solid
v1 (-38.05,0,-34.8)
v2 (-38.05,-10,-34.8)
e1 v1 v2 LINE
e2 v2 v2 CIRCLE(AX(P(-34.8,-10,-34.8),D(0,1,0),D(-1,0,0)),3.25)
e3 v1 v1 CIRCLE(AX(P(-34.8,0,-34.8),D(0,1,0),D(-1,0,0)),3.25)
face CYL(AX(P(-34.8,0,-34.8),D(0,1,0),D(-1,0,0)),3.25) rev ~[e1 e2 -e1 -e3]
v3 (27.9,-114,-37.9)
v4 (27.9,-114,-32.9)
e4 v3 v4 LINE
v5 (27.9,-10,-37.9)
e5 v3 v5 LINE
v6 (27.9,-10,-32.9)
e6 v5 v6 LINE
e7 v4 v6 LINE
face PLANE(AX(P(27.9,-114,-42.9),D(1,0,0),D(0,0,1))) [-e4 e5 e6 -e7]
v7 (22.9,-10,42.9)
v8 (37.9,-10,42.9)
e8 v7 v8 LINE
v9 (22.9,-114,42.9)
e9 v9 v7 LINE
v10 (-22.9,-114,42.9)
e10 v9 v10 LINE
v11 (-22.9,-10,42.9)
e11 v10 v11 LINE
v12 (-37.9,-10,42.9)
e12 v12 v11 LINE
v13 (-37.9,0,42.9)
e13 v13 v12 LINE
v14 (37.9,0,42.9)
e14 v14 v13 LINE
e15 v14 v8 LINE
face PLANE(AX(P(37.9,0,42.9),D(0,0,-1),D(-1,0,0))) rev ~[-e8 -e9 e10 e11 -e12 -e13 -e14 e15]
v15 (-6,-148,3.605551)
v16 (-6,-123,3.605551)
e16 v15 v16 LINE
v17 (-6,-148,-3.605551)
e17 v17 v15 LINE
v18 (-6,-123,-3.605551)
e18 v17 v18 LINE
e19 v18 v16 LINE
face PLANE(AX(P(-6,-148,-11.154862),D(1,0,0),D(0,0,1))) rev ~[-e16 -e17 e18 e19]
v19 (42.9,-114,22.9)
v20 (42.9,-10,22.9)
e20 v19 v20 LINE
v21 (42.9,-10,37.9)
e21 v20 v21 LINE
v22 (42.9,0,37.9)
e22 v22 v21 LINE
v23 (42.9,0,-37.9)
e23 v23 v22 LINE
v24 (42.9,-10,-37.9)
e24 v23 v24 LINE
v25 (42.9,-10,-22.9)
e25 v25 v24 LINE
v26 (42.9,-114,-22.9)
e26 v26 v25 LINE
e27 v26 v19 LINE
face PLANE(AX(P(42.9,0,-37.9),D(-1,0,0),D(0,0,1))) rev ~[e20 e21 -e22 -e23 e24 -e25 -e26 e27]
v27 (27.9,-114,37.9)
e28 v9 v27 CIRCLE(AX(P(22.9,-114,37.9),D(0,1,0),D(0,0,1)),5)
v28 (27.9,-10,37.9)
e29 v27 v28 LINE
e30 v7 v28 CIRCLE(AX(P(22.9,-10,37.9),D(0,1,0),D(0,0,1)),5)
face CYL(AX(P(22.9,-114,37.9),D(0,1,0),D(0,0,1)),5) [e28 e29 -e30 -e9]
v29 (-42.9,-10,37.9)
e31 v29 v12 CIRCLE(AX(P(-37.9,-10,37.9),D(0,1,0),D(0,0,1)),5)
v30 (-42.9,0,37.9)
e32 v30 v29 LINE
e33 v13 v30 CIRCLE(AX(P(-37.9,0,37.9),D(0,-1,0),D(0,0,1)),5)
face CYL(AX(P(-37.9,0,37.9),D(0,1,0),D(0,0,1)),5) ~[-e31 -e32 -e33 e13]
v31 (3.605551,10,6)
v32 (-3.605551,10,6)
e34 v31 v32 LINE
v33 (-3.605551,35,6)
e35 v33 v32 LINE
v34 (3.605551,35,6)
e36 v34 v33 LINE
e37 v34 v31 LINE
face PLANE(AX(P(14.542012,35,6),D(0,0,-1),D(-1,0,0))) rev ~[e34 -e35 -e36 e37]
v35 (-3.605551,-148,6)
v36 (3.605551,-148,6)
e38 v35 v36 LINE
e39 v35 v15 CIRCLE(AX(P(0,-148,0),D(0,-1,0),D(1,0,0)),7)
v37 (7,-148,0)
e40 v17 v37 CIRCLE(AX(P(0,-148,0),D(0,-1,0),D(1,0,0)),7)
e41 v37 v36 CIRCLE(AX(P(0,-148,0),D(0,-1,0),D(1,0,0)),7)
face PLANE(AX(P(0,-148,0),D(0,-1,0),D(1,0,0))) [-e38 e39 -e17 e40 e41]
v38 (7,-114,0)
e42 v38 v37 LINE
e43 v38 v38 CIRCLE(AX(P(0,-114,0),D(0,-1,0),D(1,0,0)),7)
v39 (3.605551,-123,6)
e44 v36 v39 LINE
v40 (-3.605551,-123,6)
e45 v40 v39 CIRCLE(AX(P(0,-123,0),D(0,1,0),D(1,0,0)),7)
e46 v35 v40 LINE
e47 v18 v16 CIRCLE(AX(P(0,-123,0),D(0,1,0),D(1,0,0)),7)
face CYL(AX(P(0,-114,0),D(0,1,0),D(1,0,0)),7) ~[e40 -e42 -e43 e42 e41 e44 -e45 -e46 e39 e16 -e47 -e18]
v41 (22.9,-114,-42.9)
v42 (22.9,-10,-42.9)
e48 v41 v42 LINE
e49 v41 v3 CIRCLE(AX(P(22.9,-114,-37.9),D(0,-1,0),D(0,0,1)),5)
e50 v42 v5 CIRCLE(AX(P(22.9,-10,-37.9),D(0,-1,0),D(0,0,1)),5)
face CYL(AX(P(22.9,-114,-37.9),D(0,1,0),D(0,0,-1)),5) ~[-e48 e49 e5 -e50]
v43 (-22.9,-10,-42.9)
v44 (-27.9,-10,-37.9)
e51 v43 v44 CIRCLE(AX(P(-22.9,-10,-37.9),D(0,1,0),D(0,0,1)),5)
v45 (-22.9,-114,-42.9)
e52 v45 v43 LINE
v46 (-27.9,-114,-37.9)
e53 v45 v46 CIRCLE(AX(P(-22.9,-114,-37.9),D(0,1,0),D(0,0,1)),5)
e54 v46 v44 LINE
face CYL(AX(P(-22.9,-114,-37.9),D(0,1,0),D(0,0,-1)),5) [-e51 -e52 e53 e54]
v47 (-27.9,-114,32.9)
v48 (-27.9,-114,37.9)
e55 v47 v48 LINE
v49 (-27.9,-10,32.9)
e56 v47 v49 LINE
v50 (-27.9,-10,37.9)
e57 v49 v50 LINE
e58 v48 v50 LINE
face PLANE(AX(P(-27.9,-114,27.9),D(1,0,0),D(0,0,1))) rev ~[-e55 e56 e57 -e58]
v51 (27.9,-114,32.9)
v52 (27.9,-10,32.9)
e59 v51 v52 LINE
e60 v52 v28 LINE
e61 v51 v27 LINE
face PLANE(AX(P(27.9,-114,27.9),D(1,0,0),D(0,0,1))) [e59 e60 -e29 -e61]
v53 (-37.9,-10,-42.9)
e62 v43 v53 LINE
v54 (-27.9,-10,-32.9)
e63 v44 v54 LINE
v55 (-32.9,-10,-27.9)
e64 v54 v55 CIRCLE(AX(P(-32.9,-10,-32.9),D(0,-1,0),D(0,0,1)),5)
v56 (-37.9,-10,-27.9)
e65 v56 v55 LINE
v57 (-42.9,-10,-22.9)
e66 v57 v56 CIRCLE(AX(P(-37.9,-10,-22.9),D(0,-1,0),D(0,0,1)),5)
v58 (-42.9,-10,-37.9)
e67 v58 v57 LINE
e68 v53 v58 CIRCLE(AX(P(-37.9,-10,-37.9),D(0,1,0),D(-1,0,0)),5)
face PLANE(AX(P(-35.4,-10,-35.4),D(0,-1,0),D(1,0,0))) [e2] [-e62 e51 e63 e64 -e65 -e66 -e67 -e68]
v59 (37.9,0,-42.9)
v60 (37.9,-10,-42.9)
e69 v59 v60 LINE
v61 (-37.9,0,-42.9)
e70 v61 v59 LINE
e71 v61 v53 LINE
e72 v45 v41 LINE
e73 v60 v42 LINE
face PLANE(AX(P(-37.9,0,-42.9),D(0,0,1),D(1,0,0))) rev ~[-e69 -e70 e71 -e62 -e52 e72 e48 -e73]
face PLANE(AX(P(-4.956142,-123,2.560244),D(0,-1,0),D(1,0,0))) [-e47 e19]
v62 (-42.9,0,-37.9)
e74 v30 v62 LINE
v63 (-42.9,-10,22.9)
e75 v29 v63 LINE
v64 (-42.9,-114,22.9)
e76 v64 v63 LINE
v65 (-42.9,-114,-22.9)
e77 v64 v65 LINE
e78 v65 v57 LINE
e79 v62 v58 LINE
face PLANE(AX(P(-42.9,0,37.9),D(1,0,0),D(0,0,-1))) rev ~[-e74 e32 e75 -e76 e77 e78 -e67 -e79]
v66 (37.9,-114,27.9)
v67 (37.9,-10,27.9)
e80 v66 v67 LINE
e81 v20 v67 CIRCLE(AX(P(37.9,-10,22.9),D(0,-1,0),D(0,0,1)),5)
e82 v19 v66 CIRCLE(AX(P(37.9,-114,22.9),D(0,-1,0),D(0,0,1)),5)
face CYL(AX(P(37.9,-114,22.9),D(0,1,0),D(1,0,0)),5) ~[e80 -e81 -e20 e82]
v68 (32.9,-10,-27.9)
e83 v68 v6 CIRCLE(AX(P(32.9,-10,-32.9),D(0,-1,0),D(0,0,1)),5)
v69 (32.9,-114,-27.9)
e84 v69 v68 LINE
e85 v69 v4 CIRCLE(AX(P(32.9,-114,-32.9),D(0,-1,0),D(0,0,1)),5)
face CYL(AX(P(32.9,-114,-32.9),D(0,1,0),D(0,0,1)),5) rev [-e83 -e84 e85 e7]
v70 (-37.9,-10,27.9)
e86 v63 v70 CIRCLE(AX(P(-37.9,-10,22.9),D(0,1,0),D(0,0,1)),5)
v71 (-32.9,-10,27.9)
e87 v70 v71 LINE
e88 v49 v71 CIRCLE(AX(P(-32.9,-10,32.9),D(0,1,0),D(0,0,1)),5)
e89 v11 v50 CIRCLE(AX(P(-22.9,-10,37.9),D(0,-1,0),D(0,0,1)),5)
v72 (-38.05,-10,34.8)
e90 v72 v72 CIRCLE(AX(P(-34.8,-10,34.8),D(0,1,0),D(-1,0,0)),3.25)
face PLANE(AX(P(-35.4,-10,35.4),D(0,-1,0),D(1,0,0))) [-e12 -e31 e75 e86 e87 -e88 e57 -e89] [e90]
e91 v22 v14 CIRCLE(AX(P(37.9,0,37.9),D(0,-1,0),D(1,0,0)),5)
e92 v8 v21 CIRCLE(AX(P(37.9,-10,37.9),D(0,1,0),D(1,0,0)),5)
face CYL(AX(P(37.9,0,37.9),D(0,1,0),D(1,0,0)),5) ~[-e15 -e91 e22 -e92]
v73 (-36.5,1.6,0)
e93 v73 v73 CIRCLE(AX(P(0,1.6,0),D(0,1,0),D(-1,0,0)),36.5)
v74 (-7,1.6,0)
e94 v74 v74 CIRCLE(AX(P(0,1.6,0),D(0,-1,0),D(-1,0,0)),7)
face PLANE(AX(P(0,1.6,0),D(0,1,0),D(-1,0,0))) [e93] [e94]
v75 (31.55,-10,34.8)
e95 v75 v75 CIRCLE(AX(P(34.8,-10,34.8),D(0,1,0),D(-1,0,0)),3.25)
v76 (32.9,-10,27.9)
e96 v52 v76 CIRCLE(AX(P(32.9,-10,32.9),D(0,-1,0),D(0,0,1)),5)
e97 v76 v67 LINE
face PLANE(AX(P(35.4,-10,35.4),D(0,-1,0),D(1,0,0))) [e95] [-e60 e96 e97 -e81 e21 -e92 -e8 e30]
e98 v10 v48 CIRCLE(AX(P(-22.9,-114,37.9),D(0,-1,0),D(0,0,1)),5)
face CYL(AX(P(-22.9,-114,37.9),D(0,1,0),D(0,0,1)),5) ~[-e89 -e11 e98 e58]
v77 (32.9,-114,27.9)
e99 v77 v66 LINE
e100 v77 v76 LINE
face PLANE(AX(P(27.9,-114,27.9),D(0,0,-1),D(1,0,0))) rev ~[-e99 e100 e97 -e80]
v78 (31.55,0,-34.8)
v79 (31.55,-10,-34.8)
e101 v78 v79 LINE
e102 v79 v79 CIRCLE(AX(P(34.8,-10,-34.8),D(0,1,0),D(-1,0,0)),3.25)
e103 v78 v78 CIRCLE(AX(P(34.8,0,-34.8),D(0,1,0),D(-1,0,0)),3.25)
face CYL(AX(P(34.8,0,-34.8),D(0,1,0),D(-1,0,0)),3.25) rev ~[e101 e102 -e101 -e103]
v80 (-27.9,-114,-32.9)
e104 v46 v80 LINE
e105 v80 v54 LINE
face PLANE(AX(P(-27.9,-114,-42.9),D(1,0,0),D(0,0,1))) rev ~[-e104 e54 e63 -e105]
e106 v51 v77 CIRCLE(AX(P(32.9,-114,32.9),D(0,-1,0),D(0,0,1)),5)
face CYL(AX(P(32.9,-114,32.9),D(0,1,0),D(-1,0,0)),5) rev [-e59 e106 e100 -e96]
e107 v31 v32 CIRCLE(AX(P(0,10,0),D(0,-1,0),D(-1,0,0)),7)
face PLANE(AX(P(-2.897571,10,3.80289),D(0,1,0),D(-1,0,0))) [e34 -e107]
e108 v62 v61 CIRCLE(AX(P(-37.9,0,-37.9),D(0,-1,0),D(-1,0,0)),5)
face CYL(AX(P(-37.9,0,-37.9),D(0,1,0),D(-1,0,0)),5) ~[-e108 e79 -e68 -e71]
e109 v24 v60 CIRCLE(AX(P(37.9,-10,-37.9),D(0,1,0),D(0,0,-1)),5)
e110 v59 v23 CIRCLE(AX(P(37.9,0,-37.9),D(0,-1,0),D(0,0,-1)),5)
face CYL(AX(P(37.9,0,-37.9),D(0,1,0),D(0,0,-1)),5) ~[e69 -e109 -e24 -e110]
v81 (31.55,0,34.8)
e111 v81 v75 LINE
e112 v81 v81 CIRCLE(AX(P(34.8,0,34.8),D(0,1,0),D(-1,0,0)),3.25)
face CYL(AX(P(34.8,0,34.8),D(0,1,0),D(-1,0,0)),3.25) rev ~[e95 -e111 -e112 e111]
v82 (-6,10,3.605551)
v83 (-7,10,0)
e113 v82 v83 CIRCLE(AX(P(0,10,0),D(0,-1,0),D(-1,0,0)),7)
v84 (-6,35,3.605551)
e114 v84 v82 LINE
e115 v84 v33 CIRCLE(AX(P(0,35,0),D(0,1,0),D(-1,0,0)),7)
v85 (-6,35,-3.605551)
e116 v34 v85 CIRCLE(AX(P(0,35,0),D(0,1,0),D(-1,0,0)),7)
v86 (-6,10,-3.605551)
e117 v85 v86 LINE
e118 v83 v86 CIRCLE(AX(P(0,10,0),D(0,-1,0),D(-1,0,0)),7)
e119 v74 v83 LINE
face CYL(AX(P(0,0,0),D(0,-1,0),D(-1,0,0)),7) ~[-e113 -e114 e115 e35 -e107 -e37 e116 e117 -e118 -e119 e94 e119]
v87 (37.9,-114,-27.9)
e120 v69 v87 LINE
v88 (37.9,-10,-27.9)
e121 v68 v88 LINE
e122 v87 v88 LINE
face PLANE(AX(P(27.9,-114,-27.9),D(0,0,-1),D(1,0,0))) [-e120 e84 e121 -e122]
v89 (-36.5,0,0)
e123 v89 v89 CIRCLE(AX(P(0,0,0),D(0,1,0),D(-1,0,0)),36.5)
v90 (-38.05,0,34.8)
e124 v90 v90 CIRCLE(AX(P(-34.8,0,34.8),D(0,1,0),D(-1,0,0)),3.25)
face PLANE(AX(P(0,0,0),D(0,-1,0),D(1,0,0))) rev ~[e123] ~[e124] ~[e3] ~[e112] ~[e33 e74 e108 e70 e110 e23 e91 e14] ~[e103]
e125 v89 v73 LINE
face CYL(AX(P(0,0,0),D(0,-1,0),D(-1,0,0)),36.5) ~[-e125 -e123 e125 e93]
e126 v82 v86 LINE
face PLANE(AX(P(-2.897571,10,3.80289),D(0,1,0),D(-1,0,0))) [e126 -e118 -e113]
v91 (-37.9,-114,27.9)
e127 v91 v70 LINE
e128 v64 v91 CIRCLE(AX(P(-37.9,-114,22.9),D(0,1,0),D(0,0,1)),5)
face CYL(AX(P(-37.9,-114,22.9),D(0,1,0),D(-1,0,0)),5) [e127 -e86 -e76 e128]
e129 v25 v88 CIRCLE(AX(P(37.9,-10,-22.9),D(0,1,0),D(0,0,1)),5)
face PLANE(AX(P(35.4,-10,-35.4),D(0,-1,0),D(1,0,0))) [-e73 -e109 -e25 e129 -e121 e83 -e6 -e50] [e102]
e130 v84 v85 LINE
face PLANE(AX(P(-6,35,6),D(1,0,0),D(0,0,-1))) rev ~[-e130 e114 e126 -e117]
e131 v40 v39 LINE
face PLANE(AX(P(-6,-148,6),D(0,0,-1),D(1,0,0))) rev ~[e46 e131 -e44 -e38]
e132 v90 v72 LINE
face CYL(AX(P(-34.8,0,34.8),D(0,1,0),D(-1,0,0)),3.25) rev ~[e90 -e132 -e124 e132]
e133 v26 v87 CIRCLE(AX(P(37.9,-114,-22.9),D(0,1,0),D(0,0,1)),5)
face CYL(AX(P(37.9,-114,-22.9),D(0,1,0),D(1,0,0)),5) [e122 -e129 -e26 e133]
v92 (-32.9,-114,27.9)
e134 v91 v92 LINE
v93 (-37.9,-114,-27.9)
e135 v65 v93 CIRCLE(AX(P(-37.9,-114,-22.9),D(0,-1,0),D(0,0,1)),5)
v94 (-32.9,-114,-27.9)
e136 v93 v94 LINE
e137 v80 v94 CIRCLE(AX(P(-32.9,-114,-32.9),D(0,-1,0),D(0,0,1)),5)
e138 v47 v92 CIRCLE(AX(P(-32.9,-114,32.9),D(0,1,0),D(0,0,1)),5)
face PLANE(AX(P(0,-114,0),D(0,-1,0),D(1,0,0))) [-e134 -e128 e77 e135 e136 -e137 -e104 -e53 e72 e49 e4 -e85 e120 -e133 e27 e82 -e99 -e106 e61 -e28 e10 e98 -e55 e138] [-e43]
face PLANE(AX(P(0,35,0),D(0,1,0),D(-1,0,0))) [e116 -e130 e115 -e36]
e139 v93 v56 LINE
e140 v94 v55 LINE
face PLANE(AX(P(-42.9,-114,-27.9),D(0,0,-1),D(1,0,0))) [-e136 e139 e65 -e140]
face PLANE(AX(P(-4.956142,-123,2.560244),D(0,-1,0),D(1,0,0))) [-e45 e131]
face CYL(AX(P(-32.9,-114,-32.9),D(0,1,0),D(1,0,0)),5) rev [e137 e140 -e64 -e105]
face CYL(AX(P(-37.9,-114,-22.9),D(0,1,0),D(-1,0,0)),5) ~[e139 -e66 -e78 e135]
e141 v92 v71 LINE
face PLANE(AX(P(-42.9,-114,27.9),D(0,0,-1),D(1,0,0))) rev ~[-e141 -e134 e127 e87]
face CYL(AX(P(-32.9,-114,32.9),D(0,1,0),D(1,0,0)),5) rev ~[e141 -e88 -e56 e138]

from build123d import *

# Parameters (mm, degrees)
F1_DEPTH  = 114
F2_W      = 15
F2_H      = 15
F3_DEPTH  = 104
F4_R      = 3.25
F5_DEPTH  = 10
F6_R      = 5
F7_R      = 36.5
F8_DEPTH  = 1.6
F9_R      = 7
F10_DEPTH = 35
F12_DEPTH = 25
F13_R     = 7
F14_DEPTH = 34
F16_DEPTH = 25


with BuildPart() as f1:
    # F0 (on Front) → F1 (new body)
    with BuildSketch(Plane.XZ):
        with BuildLine():
            Line((37.9, 42.9), (-37.9, 42.9))
            ThreePointArc((-37.9, 42.9), (-41.4355339059, 41.4355339059), (-42.9, 37.9))
            Line((-42.9, 37.9), (-42.9, -37.9))
            ThreePointArc((-42.9, -37.9), (-41.4355339059, -41.4355339059), (-37.9, -42.9))
            Line((-37.9, -42.9), (37.9, -42.9))
            ThreePointArc((37.9, -42.9), (41.4355339059, -41.4355339059), (42.9, -37.9))
            Line((42.9, -37.9), (42.9, 37.9))
            ThreePointArc((42.9, 37.9), (41.4355339059, 41.4355339059), (37.9, 42.9))
        make_face()
    extrude(amount=F1_DEPTH)

    # F2 (on face) → F3 (cut)
    with BuildSketch(Plane.XZ.offset(114)):
        with Locations((35.4, 35.4)):
            Rectangle(F2_W, F2_H)
        with Locations((-35.4, 35.4)):
            Rectangle(F2_W, F2_H)
        with Locations((-35.4, -35.4)):
            Rectangle(F2_W, F2_H)
        with Locations((35.4, -35.4)):
            Rectangle(F2_W, F2_H)
    extrude(amount=-F3_DEPTH, mode=Mode.SUBTRACT)

    # F4 (on face) → F5 (cut, through all)
    with BuildSketch(Plane(origin=(0, 0, 0), x_dir=(-1, 0, 0), z_dir=(0, 1, 0))):
        with Locations((34.8, 34.8)):
            Circle(F4_R)
        with Locations((-34.8, 34.8)):
            Circle(F4_R)
        with Locations((34.8, -34.8)):
            Circle(F4_R)
        with Locations((-34.8, -34.8)):
            Circle(F4_R)
    extrude(amount=-F5_DEPTH, mode=Mode.SUBTRACT)

    # F6
    f6_edges = [f1.edges().sort_by_distance(p)[0] for p in [
        (-42.9, -62, 27.9),
        (-42.9, -62, -27.9),
        (-27.9, -62, -27.9),
        (-27.9, -62, -42.9),
        (27.9, -62, -42.9),
        (-27.9, -62, 42.9),
        (27.9, -62, -27.9),
        (42.9, -62, -27.9),
        (42.9, -62, 27.9),
        (27.9, -62, 42.9),
        (27.9, -62, 27.9),
        (-27.9, -62, 27.9),
    ]]
    fillet(f6_edges, radius=F6_R)

    # F7 (on face) → F8 (join)
    with BuildSketch(Plane(origin=(0, 0, 0), x_dir=(-1, 0, 0), z_dir=(0, 1, 0))):
        Circle(F7_R)
    extrude(amount=F8_DEPTH)

    # F9 (on face) → F10 (join)
    with BuildSketch(Plane(origin=(0, 0, 0), x_dir=(-1, 0, 0), z_dir=(0, 1, 0))):
        Circle(F9_R)
    extrude(amount=F10_DEPTH)

    # F11 (on face) → F12 (cut)
    with BuildSketch(Plane(origin=(0, 35, 0), x_dir=(-1, 0, 0), z_dir=(0, 1, 0))):
        Polygon((-14.5420123405, 12.7583807334), (-14.5420123405, 6), (6, 6), (6, -12.0489969126), (13.1983235478, -12.4650839716), (13.1983235478, 12.7583807334), align=None)
    extrude(amount=-F12_DEPTH, mode=Mode.SUBTRACT)

    # F13 (on face) → F14 (join)
    with BuildSketch(Plane.XZ.offset(114)):
        Circle(F13_R)
    extrude(amount=F14_DEPTH)

    # F15 (on face) → F16 (cut)
    with BuildSketch(Plane.XZ.offset(148)):
        Polygon((-6, -11.1548621207), (-6, 6), (6, 6), (-11.2425461411, 11.0141066834), align=None)
    extrude(amount=-F16_DEPTH, mode=Mode.SUBTRACT)


solid = f1.part
